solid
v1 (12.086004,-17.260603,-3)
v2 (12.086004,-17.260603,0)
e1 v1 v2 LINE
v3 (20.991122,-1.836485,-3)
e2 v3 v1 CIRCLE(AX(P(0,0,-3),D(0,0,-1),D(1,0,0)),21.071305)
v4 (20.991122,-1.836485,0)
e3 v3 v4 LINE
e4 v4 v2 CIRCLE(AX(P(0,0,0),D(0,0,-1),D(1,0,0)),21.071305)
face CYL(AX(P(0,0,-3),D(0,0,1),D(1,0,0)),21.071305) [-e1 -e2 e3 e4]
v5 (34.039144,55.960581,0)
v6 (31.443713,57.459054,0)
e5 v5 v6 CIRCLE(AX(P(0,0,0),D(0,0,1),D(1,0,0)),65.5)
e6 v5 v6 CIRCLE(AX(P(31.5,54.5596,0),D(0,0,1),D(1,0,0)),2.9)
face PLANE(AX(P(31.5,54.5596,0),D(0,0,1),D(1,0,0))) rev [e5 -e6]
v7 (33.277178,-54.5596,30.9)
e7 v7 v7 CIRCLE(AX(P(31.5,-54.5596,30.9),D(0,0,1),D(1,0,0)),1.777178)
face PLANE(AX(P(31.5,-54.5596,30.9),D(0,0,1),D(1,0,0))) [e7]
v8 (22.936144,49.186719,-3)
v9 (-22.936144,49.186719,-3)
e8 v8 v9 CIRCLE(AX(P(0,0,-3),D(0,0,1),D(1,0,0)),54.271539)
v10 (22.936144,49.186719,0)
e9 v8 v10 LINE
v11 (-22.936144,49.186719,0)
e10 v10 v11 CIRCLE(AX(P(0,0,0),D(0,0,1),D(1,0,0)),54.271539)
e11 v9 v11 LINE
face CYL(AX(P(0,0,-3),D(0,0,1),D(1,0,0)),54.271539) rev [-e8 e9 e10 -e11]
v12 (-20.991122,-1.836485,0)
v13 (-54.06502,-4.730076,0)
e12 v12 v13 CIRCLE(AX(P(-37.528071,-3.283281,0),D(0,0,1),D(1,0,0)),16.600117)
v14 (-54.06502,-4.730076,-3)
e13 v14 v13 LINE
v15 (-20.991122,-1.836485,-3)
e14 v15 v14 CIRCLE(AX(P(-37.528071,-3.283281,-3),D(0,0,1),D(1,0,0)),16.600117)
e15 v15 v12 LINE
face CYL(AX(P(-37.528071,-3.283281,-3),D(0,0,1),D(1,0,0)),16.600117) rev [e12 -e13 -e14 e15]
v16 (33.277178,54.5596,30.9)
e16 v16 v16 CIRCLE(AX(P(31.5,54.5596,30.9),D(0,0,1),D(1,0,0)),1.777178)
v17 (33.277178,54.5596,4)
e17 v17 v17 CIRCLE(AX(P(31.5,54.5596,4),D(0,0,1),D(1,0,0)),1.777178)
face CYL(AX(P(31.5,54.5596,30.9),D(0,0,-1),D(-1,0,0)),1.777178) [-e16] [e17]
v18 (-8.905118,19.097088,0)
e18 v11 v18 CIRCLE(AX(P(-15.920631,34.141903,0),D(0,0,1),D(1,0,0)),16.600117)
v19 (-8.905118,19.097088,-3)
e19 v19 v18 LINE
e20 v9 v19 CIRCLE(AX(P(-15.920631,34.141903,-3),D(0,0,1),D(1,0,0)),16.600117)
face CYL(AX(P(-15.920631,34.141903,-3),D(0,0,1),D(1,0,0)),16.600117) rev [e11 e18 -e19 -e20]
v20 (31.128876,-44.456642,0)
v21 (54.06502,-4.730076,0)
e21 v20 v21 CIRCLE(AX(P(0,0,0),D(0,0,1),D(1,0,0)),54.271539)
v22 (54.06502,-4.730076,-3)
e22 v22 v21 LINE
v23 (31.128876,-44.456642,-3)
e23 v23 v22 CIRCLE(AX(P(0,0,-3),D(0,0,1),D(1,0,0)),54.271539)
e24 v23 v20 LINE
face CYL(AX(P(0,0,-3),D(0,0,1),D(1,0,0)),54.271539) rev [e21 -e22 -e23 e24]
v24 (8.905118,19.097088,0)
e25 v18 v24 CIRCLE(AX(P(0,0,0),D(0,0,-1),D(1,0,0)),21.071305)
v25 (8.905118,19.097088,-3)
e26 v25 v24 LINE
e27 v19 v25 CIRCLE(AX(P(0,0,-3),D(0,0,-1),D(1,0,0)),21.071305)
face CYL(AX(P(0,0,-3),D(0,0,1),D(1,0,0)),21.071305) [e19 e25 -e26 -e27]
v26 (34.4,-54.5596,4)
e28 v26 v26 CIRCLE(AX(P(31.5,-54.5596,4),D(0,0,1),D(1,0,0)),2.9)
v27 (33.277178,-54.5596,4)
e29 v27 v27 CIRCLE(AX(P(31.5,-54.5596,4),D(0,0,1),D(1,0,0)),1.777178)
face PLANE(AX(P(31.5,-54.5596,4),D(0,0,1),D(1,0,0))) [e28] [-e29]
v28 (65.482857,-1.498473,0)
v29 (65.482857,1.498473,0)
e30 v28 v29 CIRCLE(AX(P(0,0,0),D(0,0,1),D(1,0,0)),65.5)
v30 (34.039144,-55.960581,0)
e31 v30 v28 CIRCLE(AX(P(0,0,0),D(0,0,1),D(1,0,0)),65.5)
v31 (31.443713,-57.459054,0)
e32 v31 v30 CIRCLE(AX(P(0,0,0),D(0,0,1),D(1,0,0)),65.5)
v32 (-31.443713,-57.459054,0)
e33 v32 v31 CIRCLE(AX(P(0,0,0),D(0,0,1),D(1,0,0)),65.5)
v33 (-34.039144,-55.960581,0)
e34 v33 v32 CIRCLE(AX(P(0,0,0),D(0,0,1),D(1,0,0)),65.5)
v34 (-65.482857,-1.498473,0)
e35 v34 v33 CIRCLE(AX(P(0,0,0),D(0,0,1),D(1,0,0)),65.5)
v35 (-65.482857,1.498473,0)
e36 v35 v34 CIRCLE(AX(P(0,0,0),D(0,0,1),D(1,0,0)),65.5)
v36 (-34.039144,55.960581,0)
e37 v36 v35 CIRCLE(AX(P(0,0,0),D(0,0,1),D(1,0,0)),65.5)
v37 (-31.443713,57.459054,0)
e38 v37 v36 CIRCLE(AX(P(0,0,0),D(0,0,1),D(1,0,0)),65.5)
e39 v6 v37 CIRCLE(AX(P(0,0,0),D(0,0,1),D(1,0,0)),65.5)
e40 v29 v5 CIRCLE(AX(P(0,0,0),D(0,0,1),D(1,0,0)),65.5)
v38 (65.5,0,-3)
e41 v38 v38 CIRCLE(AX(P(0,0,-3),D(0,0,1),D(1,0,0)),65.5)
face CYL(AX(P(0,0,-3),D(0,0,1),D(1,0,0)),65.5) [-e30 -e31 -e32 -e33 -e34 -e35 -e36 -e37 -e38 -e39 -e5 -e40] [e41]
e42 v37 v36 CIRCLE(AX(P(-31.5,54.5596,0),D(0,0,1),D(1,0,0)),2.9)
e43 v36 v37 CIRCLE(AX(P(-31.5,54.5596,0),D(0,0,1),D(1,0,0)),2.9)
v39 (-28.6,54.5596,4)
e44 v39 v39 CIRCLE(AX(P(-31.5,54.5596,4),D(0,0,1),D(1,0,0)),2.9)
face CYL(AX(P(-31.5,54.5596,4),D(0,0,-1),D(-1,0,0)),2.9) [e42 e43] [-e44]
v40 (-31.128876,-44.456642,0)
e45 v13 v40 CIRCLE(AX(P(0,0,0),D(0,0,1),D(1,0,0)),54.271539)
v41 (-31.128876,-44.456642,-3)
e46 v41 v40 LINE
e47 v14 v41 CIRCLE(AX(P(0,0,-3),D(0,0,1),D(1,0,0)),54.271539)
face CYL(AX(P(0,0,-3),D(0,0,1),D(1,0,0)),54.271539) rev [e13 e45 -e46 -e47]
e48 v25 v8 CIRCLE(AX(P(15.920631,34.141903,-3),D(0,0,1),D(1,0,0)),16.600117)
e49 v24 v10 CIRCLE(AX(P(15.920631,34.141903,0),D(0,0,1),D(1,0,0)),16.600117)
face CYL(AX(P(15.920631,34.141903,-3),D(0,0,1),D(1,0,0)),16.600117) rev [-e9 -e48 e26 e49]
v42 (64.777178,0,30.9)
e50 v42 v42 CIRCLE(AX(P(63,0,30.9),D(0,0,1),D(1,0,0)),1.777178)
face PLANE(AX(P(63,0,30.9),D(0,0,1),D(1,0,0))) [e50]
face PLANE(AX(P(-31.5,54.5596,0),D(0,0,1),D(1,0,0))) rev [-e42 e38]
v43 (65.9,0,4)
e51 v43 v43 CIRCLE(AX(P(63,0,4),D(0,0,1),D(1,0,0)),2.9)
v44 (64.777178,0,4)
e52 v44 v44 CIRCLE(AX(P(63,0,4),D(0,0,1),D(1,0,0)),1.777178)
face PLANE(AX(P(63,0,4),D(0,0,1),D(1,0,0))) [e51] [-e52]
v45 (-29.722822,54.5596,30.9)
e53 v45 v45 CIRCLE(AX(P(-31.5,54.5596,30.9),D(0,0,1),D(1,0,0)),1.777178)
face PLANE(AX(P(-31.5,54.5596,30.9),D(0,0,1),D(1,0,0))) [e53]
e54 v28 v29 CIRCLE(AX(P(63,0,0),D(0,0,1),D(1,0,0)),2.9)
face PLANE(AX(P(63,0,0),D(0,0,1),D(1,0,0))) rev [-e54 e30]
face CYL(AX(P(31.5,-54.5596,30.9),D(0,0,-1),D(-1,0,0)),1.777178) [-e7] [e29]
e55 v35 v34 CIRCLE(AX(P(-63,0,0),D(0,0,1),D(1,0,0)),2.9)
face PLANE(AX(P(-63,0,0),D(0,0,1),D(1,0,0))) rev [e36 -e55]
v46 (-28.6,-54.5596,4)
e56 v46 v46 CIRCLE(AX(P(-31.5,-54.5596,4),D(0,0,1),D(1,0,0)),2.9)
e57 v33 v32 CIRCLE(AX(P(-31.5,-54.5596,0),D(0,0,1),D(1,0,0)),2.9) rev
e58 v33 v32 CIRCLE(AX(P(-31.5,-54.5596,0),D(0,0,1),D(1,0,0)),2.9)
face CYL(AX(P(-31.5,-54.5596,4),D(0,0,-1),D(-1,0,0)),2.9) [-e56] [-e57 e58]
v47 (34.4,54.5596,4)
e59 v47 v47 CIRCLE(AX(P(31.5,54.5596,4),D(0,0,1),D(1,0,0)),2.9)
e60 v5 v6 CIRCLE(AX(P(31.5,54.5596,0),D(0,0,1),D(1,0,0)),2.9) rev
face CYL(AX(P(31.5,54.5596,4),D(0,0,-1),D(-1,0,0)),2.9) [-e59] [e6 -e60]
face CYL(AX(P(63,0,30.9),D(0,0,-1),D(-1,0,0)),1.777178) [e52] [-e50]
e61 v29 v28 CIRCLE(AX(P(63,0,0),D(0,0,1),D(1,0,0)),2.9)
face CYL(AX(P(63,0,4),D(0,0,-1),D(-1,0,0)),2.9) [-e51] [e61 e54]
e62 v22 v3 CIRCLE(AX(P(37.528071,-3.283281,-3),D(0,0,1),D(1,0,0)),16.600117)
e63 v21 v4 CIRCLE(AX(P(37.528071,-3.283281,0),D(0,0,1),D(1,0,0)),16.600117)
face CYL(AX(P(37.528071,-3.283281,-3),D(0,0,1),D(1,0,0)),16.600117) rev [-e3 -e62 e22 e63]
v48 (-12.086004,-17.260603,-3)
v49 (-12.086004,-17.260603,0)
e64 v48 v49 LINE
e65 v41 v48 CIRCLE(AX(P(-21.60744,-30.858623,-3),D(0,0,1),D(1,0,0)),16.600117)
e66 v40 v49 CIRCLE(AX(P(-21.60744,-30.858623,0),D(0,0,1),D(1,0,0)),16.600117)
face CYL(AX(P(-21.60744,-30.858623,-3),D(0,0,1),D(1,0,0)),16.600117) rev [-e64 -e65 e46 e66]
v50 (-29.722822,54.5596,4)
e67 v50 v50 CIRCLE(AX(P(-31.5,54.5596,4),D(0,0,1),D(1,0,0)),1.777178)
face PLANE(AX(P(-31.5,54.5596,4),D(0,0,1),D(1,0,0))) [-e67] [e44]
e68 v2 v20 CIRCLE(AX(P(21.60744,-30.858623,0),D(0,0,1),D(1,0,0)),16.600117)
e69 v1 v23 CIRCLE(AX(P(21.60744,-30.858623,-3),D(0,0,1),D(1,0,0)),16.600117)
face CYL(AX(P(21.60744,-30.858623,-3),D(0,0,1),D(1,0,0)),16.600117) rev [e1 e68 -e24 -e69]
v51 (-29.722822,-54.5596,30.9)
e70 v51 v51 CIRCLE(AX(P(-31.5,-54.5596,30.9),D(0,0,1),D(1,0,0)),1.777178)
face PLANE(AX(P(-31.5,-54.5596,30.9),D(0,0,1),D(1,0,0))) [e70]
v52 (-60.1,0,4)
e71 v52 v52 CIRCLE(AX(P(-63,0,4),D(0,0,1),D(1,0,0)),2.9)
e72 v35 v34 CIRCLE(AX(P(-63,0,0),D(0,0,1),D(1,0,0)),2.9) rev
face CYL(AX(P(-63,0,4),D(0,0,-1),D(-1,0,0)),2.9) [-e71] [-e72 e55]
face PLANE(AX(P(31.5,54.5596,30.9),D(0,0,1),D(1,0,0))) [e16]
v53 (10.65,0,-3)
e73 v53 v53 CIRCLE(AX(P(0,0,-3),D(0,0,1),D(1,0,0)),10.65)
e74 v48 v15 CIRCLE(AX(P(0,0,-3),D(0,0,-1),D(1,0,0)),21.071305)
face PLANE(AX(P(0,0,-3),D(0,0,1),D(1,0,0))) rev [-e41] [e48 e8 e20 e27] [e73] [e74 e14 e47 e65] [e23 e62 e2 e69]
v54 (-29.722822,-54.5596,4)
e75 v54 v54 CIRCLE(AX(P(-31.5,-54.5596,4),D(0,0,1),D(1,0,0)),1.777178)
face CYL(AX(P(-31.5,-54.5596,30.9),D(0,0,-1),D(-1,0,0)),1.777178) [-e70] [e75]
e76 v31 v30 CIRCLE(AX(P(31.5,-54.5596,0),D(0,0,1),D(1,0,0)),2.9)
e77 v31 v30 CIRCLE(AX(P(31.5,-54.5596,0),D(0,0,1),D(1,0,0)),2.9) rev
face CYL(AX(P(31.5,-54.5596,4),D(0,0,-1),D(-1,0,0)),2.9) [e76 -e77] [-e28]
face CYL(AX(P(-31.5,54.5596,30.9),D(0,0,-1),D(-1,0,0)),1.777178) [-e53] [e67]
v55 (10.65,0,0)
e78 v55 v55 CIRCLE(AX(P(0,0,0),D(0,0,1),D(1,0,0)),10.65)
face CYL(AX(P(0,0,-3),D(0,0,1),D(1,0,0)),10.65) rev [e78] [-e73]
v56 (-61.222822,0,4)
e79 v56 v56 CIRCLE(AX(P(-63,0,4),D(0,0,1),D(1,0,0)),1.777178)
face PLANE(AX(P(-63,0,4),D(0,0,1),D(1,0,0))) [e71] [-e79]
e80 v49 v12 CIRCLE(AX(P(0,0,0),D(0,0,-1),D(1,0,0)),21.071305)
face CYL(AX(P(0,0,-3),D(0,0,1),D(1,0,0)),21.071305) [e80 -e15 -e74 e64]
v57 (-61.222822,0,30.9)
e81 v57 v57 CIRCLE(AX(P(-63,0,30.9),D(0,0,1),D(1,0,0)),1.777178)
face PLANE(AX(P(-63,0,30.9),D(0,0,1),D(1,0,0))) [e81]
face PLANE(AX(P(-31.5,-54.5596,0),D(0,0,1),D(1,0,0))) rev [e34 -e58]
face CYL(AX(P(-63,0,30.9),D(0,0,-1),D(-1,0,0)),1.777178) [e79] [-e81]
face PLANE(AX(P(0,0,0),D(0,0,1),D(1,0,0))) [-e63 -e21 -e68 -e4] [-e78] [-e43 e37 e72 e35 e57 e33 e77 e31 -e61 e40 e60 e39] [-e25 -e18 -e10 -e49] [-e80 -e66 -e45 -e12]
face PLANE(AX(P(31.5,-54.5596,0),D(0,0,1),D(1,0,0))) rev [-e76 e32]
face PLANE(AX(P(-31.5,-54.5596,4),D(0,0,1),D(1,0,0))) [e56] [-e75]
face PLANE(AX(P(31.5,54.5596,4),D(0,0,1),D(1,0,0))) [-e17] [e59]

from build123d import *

# Parameters (mm, degrees)
SKETCH_1_R          = 65.5
EXTRUDE_1_DEPTH     = 3
SKETCH_2_R          = 2.9
EXTRUDE_2_DEPTH     = 4
SKETCH_3_R          = 10.65
CUT_EXTRUDE_1_DEPTH = 94.00032258
SKETCH_4_R          = 1.777177549
EXTRUDE_3_DEPTH     = 26.9
CUT_EXTRUDE_2_DEPTH = 98.917669498


with BuildPart() as part:
    # 草图1 → 凸台-拉伸1 (new body)
    with BuildSketch(Plane.XY):
        Circle(SKETCH_1_R)
    extrude(amount=-EXTRUDE_1_DEPTH)

    # 草图2 → 凸台-拉伸2 (add)
    with BuildSketch(Plane.XY):
        with Locations(Location((-63, 0, 0), (0, 0, 148.88786163))):
            Circle(SKETCH_2_R)
        with Locations(Location((-31.5, 54.559600438, 0), (0, 0, 151.11213837))):
            Circle(SKETCH_2_R)
        with Locations(Location((31.5, 54.559600438, 0), (0, 0, 91.11213837))):
            Circle(SKETCH_2_R)
        with Locations(Location((63, 0, 0), (0, 0, 31.11213837))):
            Circle(SKETCH_2_R)
        with Locations(Location((31.5, -54.559600438, 0), (0, 0, 268.88786163))):
            Circle(SKETCH_2_R)
        with Locations(Location((-31.5, -54.559600438, 0), (0, 0, 208.88786163))):
            Circle(SKETCH_2_R)
    extrude(amount=EXTRUDE_2_DEPTH)

    # 草图3 → 切除-拉伸1 (cut, through all)
    with BuildSketch(Plane.XY):
        Circle(SKETCH_3_R)
    extrude(amount=-CUT_EXTRUDE_1_DEPTH, mode=Mode.SUBTRACT)

    # 草图4 → 凸台-拉伸3 (add)
    with BuildSketch(Plane.XY.offset(4)):
        with Locations((-31.5, 54.559600438)):
            Circle(SKETCH_4_R)
        with Locations((31.5, 54.559600438)):
            Circle(SKETCH_4_R)
        with Locations((63, 0)):
            Circle(SKETCH_4_R)
        with Locations((31.5, -54.559600438)):
            Circle(SKETCH_4_R)
        with Locations((-31.5, -54.559600438)):
            Circle(SKETCH_4_R)
        with Locations((-63, 0)):
            Circle(SKETCH_4_R)
    extrude(amount=EXTRUDE_3_DEPTH)

    # 草图5 → 切除-拉伸2 (cut, through all)
    with BuildSketch(Plane.XY):
        with BuildLine():
            ThreePointArc((22.936143614, 49.18671871), (0, 54.27153933), (-22.936143614, 49.18671871))
            ThreePointArc((-22.936143614, 49.18671871), (-30.965446368, 27.126390699), (-8.905118357, 19.097087944))
            ThreePointArc((-8.905118357, 19.097087944), (0, 21.071305154), (8.905118357, 19.097087944))
            ThreePointArc((8.905118357, 19.097087944), (30.965446368, 27.126390699), (22.936143614, 49.18671871))
        make_face()
        with BuildLine():
            ThreePointArc((12.08600412, -17.260602693), (18.248285555, -10.535652577), (20.991122477, -1.836485251))
            ThreePointArc((20.991122477, -1.836485251), (38.974866642, 13.253667845), (54.065019738, -4.73007632))
            ThreePointArc((54.065019738, -4.73007632), (47.000531763, -27.135769665), (31.128876124, -44.456642389))
            ThreePointArc((31.128876124, -44.456642389), (8.009420274, -40.380058544), (12.08600412, -17.260602693))
        make_face()
        with BuildLine():
            ThreePointArc((-20.991122477, -1.836485251), (-18.248285555, -10.535652577), (-12.08600412, -17.260602693))
            ThreePointArc((-12.08600412, -17.260602693), (-8.009420274, -40.380058544), (-31.128876124, -44.456642389))
            ThreePointArc((-31.128876124, -44.456642389), (-47.000531763, -27.135769665), (-54.065019738, -4.73007632))
            ThreePointArc((-54.065019738, -4.73007632), (-38.974866642, 13.253667845), (-20.991122477, -1.836485251))
        make_face()
    extrude(amount=-CUT_EXTRUDE_2_DEPTH, mode=Mode.SUBTRACT)


solid = part.part
